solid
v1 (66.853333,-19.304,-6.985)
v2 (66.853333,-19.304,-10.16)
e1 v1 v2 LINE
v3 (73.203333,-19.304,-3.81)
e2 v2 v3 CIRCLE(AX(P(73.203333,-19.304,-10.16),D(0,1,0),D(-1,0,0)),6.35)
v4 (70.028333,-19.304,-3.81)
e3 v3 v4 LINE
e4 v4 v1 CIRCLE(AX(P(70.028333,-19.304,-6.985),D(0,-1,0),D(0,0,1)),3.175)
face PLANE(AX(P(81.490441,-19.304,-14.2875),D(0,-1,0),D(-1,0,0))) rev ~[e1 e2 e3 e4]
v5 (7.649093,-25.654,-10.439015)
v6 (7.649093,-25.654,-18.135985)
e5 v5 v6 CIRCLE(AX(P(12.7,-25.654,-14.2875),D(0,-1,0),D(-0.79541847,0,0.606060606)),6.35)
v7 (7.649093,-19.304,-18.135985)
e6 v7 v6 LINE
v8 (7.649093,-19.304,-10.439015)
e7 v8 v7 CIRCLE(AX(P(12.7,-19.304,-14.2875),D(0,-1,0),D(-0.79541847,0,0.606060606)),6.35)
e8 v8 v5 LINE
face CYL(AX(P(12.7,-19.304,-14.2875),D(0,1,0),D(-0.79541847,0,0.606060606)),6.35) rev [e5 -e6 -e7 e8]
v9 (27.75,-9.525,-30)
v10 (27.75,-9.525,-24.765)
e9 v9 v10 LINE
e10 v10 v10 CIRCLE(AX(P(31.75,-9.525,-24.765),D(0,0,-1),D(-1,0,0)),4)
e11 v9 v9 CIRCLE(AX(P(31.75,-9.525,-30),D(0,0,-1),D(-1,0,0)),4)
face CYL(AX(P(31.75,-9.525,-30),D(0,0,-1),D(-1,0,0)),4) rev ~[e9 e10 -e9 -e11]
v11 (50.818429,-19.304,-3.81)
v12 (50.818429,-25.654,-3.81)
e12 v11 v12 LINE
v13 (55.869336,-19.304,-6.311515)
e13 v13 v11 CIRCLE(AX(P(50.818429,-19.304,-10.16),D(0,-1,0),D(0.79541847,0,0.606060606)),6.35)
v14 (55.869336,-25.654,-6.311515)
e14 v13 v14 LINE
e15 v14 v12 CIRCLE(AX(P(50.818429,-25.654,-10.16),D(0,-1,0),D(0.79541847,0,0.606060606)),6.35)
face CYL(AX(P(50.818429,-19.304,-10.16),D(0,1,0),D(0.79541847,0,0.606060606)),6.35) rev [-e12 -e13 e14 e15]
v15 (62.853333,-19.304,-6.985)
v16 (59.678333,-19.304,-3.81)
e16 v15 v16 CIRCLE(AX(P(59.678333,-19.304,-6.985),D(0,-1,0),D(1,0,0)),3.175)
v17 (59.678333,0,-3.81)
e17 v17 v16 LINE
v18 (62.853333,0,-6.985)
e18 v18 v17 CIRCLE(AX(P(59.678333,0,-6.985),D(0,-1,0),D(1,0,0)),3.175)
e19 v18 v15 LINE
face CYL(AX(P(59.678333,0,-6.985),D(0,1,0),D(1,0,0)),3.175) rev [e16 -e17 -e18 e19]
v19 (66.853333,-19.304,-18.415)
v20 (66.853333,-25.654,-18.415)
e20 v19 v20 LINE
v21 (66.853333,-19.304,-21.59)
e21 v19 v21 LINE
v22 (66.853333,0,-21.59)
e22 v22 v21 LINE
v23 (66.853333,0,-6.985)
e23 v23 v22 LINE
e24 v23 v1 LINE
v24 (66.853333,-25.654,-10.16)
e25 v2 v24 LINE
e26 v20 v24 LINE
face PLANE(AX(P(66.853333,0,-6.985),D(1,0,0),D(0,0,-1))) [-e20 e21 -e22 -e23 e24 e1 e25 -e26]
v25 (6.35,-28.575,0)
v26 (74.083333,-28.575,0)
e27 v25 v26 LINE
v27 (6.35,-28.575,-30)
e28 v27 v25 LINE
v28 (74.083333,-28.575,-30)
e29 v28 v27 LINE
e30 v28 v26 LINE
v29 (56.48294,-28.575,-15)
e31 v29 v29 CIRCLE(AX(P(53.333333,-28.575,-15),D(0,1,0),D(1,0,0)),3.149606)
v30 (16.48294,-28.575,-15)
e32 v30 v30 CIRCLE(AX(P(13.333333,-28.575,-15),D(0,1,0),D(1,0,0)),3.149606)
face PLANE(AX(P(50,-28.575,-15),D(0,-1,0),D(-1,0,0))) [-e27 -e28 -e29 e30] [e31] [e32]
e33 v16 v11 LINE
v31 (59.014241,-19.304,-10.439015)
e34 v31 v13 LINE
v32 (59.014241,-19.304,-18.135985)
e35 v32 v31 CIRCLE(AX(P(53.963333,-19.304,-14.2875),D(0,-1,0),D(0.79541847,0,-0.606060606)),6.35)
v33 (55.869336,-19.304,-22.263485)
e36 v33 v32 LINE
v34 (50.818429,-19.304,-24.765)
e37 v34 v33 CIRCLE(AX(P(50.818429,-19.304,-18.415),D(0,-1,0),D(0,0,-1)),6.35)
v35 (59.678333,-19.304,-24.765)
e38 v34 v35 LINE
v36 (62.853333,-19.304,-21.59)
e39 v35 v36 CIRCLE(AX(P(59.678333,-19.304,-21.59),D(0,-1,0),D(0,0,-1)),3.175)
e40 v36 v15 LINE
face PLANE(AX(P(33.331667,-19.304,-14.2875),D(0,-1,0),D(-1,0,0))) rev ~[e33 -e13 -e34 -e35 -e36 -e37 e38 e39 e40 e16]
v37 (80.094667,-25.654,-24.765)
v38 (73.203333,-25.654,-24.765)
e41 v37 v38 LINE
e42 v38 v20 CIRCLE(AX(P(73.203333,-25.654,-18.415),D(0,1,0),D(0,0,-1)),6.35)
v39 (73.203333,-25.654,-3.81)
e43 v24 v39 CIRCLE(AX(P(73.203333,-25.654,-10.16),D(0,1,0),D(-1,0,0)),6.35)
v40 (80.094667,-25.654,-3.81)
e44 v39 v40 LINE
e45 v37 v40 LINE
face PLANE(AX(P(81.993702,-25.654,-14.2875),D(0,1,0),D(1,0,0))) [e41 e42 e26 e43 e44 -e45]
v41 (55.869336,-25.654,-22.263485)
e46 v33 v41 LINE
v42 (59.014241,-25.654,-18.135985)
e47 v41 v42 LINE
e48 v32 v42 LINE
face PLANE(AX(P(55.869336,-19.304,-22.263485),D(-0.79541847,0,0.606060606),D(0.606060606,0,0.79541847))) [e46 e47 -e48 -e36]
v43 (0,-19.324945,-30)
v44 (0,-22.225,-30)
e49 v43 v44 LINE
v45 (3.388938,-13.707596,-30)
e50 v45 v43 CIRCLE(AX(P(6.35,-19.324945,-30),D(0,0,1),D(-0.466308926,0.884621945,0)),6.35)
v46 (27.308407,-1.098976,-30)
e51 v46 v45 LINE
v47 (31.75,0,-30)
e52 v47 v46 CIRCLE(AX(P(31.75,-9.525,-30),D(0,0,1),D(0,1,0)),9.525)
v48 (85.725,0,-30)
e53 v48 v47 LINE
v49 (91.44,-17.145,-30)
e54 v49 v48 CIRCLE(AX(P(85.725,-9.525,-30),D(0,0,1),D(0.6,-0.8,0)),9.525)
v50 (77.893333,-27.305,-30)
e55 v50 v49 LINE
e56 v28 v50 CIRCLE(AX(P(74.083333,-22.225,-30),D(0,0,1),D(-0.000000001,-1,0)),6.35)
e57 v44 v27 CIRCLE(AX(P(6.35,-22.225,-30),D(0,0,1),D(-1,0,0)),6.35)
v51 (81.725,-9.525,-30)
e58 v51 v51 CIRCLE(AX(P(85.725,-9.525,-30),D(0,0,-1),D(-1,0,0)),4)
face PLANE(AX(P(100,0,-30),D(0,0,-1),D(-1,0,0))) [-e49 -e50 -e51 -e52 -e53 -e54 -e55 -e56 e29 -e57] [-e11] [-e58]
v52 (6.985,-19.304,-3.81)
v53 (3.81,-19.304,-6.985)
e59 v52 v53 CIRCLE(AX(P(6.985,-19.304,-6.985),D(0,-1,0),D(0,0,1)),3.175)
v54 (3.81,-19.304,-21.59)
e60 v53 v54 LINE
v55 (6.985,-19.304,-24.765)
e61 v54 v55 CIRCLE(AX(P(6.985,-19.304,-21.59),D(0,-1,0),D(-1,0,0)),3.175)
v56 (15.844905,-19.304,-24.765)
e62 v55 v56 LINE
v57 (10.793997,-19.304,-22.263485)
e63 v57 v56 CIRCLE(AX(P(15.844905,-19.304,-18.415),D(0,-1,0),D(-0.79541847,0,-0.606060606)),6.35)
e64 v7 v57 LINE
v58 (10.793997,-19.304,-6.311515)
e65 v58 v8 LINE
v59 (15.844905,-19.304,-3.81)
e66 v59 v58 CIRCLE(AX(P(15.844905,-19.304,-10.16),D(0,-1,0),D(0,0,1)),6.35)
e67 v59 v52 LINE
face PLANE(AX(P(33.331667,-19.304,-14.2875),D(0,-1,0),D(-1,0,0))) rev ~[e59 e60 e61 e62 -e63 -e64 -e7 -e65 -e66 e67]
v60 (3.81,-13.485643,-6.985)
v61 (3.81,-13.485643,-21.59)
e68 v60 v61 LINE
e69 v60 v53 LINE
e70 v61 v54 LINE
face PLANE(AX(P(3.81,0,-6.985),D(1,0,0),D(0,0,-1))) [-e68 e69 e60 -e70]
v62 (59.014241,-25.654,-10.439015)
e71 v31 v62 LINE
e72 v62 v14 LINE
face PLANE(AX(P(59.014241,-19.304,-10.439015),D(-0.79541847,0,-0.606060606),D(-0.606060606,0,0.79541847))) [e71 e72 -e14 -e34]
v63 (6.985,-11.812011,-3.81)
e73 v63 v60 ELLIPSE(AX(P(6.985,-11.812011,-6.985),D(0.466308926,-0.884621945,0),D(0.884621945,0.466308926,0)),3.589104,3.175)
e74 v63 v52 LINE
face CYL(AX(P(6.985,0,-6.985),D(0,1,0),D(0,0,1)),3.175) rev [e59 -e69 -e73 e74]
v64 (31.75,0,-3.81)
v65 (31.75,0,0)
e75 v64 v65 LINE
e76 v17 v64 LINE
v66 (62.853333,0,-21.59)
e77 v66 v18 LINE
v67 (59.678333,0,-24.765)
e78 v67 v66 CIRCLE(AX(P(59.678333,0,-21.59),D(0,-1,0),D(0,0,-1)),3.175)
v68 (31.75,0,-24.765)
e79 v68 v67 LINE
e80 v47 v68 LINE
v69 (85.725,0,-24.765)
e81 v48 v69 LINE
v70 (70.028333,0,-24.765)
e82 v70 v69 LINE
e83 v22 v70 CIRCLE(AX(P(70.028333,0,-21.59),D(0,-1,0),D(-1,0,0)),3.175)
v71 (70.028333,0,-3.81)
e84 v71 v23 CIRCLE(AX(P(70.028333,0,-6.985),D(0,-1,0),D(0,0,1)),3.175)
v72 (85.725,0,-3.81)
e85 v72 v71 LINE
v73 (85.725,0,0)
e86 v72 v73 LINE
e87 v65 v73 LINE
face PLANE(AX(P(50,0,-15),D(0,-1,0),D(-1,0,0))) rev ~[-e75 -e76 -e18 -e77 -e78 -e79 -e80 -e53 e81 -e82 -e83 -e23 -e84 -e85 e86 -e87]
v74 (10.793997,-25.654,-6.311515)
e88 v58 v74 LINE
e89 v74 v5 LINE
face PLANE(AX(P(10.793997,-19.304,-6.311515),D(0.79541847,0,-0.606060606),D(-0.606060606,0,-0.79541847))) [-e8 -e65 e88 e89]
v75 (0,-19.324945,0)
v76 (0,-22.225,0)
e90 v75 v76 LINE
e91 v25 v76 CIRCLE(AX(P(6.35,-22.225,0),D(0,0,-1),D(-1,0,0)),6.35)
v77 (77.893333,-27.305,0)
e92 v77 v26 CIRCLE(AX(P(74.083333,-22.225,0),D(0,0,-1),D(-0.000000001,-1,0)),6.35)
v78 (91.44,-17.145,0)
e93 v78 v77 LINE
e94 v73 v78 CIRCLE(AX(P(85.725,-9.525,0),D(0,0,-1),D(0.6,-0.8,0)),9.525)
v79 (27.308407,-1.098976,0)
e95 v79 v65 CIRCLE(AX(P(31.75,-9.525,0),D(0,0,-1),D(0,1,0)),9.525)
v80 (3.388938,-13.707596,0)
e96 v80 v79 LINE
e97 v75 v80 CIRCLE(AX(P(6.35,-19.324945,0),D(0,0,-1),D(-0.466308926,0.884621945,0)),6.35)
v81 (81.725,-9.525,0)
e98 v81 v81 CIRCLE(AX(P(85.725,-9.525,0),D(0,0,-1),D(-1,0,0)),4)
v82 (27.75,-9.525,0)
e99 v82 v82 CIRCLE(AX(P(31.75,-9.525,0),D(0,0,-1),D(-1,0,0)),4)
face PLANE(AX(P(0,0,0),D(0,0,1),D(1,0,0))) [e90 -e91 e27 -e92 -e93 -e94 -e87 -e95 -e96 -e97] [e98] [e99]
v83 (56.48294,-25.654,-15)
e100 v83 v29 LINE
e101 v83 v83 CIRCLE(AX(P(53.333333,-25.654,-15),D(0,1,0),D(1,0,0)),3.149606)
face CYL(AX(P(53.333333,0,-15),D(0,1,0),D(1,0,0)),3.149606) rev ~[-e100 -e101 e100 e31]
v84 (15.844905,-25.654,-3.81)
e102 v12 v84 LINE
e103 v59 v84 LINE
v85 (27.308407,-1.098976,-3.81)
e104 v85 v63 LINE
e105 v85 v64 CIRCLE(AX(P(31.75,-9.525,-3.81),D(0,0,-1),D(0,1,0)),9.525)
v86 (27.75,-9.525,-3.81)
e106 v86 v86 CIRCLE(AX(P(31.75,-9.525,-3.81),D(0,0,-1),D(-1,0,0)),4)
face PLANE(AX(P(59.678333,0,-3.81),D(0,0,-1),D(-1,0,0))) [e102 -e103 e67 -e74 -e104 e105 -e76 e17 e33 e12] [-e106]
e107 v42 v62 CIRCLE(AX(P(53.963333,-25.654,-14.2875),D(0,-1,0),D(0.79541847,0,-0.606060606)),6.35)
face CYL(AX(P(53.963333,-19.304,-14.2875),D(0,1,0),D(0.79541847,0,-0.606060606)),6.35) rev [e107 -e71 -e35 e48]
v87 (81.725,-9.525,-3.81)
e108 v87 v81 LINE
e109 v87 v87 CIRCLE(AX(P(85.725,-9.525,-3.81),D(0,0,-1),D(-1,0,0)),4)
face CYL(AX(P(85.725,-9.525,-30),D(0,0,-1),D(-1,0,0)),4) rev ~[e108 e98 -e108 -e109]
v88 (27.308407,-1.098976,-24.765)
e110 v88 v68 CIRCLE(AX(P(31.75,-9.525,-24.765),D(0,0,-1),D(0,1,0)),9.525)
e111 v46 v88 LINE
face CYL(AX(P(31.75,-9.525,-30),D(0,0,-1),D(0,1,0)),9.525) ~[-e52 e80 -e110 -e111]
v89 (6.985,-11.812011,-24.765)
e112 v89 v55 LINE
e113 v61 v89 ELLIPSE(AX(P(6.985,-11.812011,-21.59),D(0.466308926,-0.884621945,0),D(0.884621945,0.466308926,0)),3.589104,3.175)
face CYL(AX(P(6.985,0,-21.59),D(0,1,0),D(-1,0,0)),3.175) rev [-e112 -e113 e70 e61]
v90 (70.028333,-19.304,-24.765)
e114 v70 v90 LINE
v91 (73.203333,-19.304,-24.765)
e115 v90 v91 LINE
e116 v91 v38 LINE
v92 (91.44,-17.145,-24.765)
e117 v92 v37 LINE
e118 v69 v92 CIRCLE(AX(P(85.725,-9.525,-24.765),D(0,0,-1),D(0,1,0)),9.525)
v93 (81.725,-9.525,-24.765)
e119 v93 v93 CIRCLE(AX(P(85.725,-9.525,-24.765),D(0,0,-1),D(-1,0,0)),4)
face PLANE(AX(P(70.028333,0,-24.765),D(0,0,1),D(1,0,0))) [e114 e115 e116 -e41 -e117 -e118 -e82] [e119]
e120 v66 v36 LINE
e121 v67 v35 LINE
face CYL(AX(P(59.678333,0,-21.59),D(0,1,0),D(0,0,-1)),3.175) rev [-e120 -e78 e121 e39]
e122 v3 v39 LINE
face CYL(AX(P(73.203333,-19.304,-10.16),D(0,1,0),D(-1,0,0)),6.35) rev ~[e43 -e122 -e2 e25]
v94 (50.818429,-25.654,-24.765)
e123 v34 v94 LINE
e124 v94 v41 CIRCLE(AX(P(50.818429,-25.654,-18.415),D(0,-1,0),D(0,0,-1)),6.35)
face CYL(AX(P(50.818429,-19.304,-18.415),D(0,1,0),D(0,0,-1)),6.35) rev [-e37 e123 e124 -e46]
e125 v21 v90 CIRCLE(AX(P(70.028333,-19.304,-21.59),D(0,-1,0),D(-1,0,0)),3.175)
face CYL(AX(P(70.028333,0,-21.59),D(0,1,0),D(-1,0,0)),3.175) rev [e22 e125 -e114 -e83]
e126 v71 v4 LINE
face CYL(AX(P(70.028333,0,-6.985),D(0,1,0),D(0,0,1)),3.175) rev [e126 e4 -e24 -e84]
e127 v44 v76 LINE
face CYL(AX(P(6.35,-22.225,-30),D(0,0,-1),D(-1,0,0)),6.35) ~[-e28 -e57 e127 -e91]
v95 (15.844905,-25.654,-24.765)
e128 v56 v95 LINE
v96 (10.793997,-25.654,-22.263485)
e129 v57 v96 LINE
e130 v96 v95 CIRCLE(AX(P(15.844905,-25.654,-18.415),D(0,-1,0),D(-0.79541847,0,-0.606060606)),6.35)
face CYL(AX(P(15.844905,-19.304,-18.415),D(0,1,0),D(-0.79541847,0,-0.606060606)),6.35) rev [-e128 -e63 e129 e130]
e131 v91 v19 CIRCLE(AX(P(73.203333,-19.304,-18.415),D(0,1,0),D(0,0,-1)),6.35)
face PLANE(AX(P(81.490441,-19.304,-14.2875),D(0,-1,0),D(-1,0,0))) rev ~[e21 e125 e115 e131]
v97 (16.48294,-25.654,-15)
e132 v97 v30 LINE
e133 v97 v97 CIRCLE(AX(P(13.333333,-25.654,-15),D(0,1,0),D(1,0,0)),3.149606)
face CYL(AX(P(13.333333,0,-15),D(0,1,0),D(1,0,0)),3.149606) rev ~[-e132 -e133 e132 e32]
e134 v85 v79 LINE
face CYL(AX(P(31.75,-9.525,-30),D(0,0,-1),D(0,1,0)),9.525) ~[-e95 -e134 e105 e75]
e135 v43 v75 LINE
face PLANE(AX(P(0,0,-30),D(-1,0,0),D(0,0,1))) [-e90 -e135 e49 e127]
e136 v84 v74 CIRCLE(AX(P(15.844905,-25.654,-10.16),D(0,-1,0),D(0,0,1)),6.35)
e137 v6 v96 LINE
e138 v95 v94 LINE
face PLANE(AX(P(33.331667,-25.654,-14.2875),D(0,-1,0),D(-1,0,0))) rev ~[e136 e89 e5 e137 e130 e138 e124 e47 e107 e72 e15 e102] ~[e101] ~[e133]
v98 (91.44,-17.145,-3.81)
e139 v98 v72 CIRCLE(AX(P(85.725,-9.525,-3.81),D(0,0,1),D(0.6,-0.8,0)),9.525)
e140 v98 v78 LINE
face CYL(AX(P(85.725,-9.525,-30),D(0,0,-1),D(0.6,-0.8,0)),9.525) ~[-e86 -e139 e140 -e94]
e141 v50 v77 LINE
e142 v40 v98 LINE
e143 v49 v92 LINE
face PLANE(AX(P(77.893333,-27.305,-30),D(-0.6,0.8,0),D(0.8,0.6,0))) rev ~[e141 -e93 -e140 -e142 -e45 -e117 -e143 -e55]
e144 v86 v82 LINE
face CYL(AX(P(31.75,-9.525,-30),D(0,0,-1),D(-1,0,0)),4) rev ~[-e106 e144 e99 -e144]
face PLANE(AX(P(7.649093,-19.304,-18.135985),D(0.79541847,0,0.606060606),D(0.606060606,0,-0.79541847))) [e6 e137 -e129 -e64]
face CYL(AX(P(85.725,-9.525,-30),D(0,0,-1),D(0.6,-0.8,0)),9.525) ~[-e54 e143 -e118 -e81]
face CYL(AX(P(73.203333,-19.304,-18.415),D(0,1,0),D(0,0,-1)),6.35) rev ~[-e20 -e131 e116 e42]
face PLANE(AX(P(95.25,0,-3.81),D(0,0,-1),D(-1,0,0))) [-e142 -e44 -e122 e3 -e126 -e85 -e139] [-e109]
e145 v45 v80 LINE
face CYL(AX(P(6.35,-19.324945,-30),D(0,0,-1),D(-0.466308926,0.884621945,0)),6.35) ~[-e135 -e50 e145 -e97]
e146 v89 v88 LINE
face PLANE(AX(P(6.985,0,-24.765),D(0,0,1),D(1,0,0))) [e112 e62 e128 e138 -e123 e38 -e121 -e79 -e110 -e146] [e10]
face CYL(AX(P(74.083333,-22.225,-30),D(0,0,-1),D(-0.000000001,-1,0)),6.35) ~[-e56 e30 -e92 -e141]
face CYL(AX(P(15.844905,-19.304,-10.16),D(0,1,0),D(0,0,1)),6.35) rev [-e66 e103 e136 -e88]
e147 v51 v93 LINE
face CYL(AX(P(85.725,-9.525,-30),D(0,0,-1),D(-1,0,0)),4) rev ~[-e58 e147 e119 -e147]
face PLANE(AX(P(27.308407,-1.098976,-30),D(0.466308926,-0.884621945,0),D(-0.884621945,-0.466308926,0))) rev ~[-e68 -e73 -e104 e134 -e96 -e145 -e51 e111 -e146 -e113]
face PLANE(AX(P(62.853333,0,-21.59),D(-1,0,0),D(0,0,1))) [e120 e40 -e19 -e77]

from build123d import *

# Parameters (mm, degrees)
SKETCH1_R           = 3.149606299
BOSS_EXTRUDE1_DEPTH = 28.575
CUT_EXTRUDE1_DEPTH  = 19.304
CUT_EXTRUDE7_DEPTH  = 6.35
SKETCH5_R           = 4
CUT_EXTRUDE3_DEPTH  = 31


with BuildPart() as part:
    # Sketch1 → Boss-Extrude1 (new body)
    with BuildSketch(Plane(origin=(0, 0, 0), x_dir=(1, 0, 0), z_dir=(0, 1, 0))):
        Polygon((0, 6.666666667), (0, 23.333333333), (0, 30), (6.666666667, 30), (93.333333333, 30), (100, 30), (100, 0), (93.333333333, 0), (6.666666667, 0), (0, 0), align=None)
        with Locations((13.333333333, 15)):
            Circle(SKETCH1_R, mode=Mode.SUBTRACT)
        with Locations((53.333333333, 15)):
            Circle(SKETCH1_R, mode=Mode.SUBTRACT)
    extrude(amount=-BOSS_EXTRUDE1_DEPTH)

    # Sketch2 → Cut-Extrude1 (cut)
    with BuildSketch(Plane(origin=(0, 0, 0), x_dir=(1, 0, 0), z_dir=(0, 1, 0))):
        with BuildLine():
            Line((3.810000003, 6.985), (3.810000003, 21.59))
            ThreePointArc((3.810000003, 21.59), (4.739935973, 23.83506403), (6.985000003, 24.765))
            Line((6.985000003, 24.765), (59.678333333, 24.765))
            ThreePointArc((59.678333333, 24.765), (61.923397364, 23.83506403), (62.853333333, 21.59))
            Line((62.853333333, 21.59), (62.853333333, 6.985))
            ThreePointArc((62.853333333, 6.985), (61.923397364, 4.73993597), (59.678333333, 3.81))
            Line((59.678333333, 3.81), (6.985000003, 3.81))
            ThreePointArc((6.985000003, 3.81), (4.739935973, 4.73993597), (3.810000003, 6.985))
        make_face()
        with BuildLine():
            Line((66.853333333, 6.985), (66.853333333, 21.59))
            ThreePointArc((66.853333333, 21.59), (67.783269303, 23.83506403), (70.028333333, 24.765))
            Line((70.028333333, 24.765), (95.25, 24.765))
            Line((95.25, 24.765), (95.25, 3.81))
            Line((95.25, 3.81), (70.028333333, 3.81))
            ThreePointArc((70.028333333, 3.81), (67.783269303, 4.73993597), (66.853333333, 6.985))
        make_face()
    extrude(amount=-CUT_EXTRUDE1_DEPTH, mode=Mode.SUBTRACT)

    # Sketch9 → Cut-Extrude7 (cut)
    with BuildSketch(Plane(origin=(0, -19.304, 0), x_dir=(1, 0, 0), z_dir=(0, 1, 0))):
        with BuildLine():
            Line((7.649092718, 18.135984848), (10.793997252, 22.263484848))
            ThreePointArc((10.793997252, 22.263484848), (13.026694001, 24.105359338), (15.844904534, 24.765))
            Line((15.844904534, 24.765), (50.818428803, 24.765))
            ThreePointArc((50.818428803, 24.765), (53.636639335, 24.105359338), (55.869336085, 22.263484848))
            Line((55.869336085, 22.263484848), (59.014240619, 18.135984848))
            ThreePointArc((59.014240619, 18.135984848), (60.313333337, 14.2875), (59.014240619, 10.439015152))
            Line((59.014240619, 10.439015152), (55.869336085, 6.311515152))
            ThreePointArc((55.869336085, 6.311515152), (53.636639335, 4.469640662), (50.818428803, 3.81))
            Line((50.818428803, 3.81), (15.844904534, 3.81))
            ThreePointArc((15.844904534, 3.81), (13.026694001, 4.469640662), (10.793997252, 6.311515152))
            Line((10.793997252, 6.311515152), (7.649092718, 10.439015152))
            ThreePointArc((7.649092718, 10.439015152), (6.35, 14.2875), (7.649092718, 18.135984848))
        make_face()
        with BuildLine():
            Line((66.853333333, 18.415), (66.853333333, 10.16))
            ThreePointArc((66.853333333, 10.16), (68.713205273, 5.669871939), (73.203333333, 3.81))
            Line((73.203333333, 3.81), (95.25, 3.81))
            Line((95.25, 3.81), (95.25, 24.765))
            Line((95.25, 24.765), (73.203333333, 24.765))
            ThreePointArc((73.203333333, 24.765), (68.713205273, 22.905128061), (66.853333333, 18.415))
        make_face()
    extrude(amount=-CUT_EXTRUDE7_DEPTH, mode=Mode.SUBTRACT)

    # Sketch5 → Cut-Extrude3 (cut, through all)
    with BuildSketch(Plane(origin=(0, 0, -30), x_dir=(-1, 0, 0), z_dir=(0, 0, -1))):
        with BuildLine():
            Line((0, 0), (-31.75, 0))
            ThreePointArc((-31.75, 0), (-29.462234044, -0.278825011), (-27.308407483, -1.098975973))
            Line((-27.308407483, -1.098975973), (-3.388938322, -13.707595992))
            ThreePointArc((-3.388938322, -13.707595992), (-0.912848096, -16.044719868), (0, -19.324945344))
            Line((0, -19.324945344), (0, 0))
        make_face()
        with BuildLine():
            ThreePointArc((0, -22.225), (-1.859871939, -26.715128061), (-6.35, -28.575))
            Line((-6.35, -28.575), (0, -28.575))
            Line((0, -28.575), (0, -22.225))
        make_face()
        with BuildLine():
            Line((-77.893333333, -27.305), (-91.44, -17.145))
            ThreePointArc((-91.44, -17.145), (-94.761208414, -6.512930529), (-85.725, 0))
            Line((-85.725, 0), (-100, 0))
            Line((-100, 0), (-100, -28.575))
            Line((-100, -28.575), (-74.083333333, -28.575))
            ThreePointArc((-74.083333333, -28.575), (-76.091379648, -28.249138943), (-77.893333333, -27.305))
        make_face()
        with Locations((-85.725, -9.525)):
            Circle(SKETCH5_R)
        with Locations((-31.75, -9.525)):
            Circle(SKETCH5_R)
    extrude(amount=-CUT_EXTRUDE3_DEPTH, mode=Mode.SUBTRACT)


solid = part.part
